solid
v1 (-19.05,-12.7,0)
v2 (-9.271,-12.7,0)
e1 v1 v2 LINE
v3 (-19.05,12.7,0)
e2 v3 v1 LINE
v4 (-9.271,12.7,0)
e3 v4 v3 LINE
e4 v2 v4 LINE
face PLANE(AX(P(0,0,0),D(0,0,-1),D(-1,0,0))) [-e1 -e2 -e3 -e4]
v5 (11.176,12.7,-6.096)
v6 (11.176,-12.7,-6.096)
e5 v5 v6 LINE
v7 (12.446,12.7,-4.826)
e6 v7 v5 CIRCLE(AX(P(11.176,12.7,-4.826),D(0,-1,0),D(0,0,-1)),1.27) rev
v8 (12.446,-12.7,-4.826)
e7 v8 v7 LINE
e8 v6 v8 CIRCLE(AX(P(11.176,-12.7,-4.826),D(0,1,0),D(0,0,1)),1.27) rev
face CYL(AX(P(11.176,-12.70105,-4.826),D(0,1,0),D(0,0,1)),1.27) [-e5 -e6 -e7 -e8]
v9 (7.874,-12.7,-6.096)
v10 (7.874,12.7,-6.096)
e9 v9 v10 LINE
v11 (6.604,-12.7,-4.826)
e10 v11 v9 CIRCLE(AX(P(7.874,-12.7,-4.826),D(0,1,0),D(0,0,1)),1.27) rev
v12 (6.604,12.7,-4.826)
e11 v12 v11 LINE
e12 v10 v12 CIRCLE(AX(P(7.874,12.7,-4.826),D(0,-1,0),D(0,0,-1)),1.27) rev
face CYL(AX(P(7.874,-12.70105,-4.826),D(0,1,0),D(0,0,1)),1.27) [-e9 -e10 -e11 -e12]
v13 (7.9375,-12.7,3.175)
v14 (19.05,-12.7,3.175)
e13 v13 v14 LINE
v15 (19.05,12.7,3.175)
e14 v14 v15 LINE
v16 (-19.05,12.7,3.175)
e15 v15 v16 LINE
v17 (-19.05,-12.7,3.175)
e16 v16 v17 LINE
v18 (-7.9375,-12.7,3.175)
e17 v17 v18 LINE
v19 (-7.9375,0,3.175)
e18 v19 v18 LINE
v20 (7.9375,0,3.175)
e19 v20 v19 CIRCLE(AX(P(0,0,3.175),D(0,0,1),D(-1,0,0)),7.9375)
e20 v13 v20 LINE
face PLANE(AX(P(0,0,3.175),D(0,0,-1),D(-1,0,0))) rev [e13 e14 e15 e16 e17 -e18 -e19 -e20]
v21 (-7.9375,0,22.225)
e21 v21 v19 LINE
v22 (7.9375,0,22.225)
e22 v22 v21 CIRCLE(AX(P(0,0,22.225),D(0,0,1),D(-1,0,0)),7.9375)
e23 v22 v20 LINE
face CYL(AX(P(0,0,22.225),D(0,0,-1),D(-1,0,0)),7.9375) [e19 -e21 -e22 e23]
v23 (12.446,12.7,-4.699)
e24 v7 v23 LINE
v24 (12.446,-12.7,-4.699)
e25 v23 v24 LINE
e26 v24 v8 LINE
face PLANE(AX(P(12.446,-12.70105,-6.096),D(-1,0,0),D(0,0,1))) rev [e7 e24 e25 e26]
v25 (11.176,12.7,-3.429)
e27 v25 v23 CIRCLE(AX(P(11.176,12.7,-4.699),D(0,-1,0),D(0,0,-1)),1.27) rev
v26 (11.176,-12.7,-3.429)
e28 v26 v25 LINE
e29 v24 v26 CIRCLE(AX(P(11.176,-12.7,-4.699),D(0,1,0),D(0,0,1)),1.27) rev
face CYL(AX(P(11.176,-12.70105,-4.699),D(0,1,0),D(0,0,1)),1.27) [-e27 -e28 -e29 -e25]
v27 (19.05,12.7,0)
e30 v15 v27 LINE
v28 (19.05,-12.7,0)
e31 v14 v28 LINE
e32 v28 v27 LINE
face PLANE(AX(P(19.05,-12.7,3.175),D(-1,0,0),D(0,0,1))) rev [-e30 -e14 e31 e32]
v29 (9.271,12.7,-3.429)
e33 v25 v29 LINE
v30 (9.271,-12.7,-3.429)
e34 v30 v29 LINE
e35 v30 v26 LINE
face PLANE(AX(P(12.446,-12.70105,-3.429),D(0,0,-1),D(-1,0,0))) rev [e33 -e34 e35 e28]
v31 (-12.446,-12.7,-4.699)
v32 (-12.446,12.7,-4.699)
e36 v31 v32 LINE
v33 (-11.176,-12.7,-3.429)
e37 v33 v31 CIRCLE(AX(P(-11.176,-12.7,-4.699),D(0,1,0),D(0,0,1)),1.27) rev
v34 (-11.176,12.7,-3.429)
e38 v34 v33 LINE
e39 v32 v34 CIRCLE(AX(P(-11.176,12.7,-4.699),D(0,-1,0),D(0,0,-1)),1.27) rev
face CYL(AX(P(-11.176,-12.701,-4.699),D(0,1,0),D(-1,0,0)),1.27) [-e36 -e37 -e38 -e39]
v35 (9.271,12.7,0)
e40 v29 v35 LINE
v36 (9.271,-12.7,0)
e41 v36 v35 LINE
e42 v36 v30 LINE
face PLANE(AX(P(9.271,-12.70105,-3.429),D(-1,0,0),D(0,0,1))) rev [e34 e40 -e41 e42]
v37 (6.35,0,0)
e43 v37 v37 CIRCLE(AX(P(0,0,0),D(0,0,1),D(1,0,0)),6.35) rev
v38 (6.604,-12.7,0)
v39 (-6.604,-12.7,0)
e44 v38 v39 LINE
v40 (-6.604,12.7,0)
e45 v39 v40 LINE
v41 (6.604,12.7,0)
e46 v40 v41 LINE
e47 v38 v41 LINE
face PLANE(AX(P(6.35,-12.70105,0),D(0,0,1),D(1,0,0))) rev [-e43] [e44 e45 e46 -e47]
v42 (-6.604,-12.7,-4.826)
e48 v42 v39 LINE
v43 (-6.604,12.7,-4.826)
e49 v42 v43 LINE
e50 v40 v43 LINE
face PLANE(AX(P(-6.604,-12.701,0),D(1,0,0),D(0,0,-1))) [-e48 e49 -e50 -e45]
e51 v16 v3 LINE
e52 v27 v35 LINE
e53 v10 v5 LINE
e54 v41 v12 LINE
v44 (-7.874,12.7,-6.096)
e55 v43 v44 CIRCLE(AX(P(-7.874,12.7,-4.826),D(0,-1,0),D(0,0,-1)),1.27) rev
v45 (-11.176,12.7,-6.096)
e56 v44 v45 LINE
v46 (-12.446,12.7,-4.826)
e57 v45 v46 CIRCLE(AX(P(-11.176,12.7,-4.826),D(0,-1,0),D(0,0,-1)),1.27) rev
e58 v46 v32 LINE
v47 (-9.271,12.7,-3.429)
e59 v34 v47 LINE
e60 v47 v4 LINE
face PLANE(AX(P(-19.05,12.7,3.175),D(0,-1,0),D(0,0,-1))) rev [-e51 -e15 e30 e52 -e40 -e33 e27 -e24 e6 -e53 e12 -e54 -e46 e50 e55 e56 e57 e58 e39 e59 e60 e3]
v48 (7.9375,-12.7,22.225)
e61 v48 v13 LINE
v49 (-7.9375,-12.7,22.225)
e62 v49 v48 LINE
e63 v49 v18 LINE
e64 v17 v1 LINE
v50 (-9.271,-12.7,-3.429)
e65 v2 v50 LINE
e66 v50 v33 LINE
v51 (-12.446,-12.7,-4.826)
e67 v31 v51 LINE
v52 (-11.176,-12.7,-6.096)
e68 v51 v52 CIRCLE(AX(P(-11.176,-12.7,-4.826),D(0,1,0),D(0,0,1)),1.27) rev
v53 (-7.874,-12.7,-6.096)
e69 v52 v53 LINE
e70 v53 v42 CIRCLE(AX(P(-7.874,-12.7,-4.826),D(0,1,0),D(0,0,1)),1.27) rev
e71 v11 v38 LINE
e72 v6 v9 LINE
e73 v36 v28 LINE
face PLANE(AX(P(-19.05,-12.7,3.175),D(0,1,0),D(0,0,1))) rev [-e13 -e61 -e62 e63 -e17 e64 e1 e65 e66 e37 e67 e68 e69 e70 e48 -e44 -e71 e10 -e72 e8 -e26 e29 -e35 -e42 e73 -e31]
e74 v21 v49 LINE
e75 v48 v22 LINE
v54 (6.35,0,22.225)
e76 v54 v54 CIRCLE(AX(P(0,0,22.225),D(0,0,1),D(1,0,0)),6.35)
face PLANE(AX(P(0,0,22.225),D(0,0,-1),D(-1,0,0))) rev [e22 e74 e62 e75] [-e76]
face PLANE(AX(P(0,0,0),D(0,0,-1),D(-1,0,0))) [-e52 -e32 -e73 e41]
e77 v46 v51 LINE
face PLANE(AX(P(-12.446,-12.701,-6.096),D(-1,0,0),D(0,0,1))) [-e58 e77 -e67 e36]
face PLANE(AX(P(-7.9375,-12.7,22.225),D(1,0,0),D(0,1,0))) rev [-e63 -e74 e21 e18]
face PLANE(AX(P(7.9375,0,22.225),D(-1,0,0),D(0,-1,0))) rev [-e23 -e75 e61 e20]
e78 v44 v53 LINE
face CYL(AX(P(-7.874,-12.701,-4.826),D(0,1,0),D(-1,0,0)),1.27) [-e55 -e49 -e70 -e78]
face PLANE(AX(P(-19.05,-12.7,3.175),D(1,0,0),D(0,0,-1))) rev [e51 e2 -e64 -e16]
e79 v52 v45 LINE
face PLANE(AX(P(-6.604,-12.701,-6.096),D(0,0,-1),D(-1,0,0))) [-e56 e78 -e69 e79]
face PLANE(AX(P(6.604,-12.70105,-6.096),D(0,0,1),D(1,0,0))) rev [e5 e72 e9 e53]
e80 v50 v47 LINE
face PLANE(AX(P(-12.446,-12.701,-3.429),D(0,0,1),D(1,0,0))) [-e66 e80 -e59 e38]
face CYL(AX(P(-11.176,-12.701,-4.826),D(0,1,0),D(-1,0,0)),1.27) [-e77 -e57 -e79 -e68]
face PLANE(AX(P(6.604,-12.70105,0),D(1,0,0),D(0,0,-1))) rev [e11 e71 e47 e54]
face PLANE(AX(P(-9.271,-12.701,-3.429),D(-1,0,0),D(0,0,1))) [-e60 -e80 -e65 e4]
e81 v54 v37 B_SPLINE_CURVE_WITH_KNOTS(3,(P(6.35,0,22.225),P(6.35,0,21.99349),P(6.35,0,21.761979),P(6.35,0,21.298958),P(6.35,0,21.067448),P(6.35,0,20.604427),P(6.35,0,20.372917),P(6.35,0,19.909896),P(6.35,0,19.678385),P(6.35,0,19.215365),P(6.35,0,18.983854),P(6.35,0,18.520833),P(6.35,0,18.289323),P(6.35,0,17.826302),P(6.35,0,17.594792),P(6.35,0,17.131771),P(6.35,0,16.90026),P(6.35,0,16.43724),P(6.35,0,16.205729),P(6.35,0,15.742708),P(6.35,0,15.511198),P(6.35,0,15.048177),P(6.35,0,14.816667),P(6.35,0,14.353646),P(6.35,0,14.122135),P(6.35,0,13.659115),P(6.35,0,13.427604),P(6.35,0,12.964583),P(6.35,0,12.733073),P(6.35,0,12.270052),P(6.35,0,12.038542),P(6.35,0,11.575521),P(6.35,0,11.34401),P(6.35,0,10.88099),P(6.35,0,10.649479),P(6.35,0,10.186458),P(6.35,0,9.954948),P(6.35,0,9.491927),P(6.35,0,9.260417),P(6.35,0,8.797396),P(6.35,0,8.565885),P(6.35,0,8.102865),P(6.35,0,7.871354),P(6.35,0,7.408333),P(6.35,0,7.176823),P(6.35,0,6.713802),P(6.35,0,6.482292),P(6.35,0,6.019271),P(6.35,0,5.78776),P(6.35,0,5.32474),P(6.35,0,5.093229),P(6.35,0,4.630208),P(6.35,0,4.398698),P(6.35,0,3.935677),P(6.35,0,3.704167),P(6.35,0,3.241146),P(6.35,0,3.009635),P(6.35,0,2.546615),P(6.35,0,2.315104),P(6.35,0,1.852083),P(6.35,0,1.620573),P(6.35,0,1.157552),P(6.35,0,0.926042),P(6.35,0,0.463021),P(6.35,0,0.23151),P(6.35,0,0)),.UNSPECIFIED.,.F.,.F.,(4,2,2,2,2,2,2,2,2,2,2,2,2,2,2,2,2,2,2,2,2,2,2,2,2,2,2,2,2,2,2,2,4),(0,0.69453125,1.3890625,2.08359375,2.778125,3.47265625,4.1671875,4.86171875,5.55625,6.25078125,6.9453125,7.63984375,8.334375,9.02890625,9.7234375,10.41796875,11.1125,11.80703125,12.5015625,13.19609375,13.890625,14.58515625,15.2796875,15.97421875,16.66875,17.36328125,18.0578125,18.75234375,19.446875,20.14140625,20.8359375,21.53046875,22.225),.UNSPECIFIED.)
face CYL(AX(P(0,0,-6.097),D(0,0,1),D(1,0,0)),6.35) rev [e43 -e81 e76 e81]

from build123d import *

# Parameters (mm, degrees)
SKETCH1_W           = 38.1
SKETCH1_H           = 25.4
BOSS_EXTRUDE1_DEPTH = 3.175
SKETCH2_W           = 25.4
SKETCH2_H           = 25.4
BOSS_EXTRUDE2_DEPTH = 6.35
CUT_EXTRUDE1_REACH  = 34.379
SKETCH3_W           = 3.175
SKETCH3_H           = 3.175
SKETCH3_W_2         = 6.35
SKETCH3_H_2         = 6.35
CUT_EXTRUDE2_REACH  = 34.379
FILLET1_R           = 1.27
BOSS_EXTRUDE3_DEPTH = 19.05
CUT_EXTRUDE3_REACH  = 38.418
SKETCH6_R           = 6.35


with BuildPart() as part:
    # Sketch1 → Boss-Extrude1 (new body)
    with BuildSketch(Plane.XY):
        Rectangle(SKETCH1_W, SKETCH1_H)
    extrude(amount=BOSS_EXTRUDE1_DEPTH)

    # Sketch2 → Boss-Extrude2 (add)
    with BuildSketch(Plane(origin=(0, 0, 0), x_dir=(-1, 0, 0), z_dir=(0, 0, -1))):
        Rectangle(SKETCH2_W, SKETCH2_H)
    extrude(amount=BOSS_EXTRUDE2_DEPTH)

    # Sketch3 → Cut-Extrude1 (cut, up to next)
    with BuildSketch(Plane(origin=(0, 12.7, 0), x_dir=(1, 0, 0), z_dir=(0, 1, 0)), mode=Mode.PRIVATE) as cut_extrude1_sk1:
        with Locations((11.1125, 1.5875)):
            Rectangle(SKETCH3_W, SKETCH3_H)
    cut_extrude1_tool1 = extrude(cut_extrude1_sk1.sketch, amount=-CUT_EXTRUDE1_REACH, mode=Mode.PRIVATE) & part.part
    # Sketch3 → Cut-Extrude1 (cut, up to next)
    with BuildSketch(Plane(origin=(0, 12.7, 0), x_dir=(1, 0, 0), z_dir=(0, 1, 0)), mode=Mode.PRIVATE) as cut_extrude1_sk2:
        with Locations((3.175, 3.175)):
            Rectangle(SKETCH3_W_2, SKETCH3_H_2)
    cut_extrude1_tool2 = extrude(cut_extrude1_sk2.sketch, amount=-CUT_EXTRUDE1_REACH, mode=Mode.PRIVATE) & part.part
    cut_extrude1_1 = cut_extrude1_tool1.solids().sort_by_distance((11.1125, 12.7, -1.5875))[0]
    add(cut_extrude1_1, mode=Mode.SUBTRACT)
    cut_extrude1_2 = cut_extrude1_tool2.solids().sort_by_distance((3.175, 12.7, -3.175))[0]
    add(cut_extrude1_2, mode=Mode.SUBTRACT)
    cut_extrude1 = cut_extrude1_1 + cut_extrude1_2  # Cut-Extrude1 as one shape, for the pattern or mirror that repeats it

    # Sketch4 → Cut-Extrude2 (cut, up to next)
    with BuildSketch(Plane(origin=(0, 12.7, 0), x_dir=(1, 0, 0), z_dir=(0, 1, 0)), mode=Mode.PRIVATE) as cut_extrude2_sk1:
        Polygon((6.604, 0), (6.35, 0), (6.35, 6.35), (12.7, 6.35), (12.7, 3.175), (9.525, 3.175), (9.525, 0), (9.271, 0), (9.271, 3.429), (12.446, 3.429), (12.446, 6.096), (6.604, 6.096), align=None)
    cut_extrude2_tool1 = extrude(cut_extrude2_sk1.sketch, amount=-CUT_EXTRUDE2_REACH, mode=Mode.PRIVATE) & part.part
    cut_extrude2 = cut_extrude2_tool1.solids().sort_by_distance((6.477, 12.7, -0.089803))[0]
    add(cut_extrude2, mode=Mode.SUBTRACT)

    # Mirror1: Cut-Extrude1, Cut-Extrude2 across plane
    add(cut_extrude1.mirror(Plane.ZY), mode=Mode.SUBTRACT)
    add(cut_extrude2.mirror(Plane.ZY), mode=Mode.SUBTRACT)

    # Fillet1
    fillet1_edges = [part.edges().sort_by_distance(p)[0] for p in [
        (-6.604, 0, -6.096),
        (-12.446, 0, -6.096),
        (-12.446, 0, -3.429),
        (12.446, 0, -3.429),
        (12.446, 0, -6.096),
        (6.604, 0, -6.096),
    ]]
    fillet(fillet1_edges, radius=FILLET1_R)

    # Sketch5 → Boss-Extrude3 (add)
    with BuildSketch(Plane.XY.offset(3.175)):
        with BuildLine():
            Line((7.9375, 0), (7.9375, -12.7))
            Line((7.9375, -12.7), (-7.9375, -12.7))
            Line((-7.9375, -12.7), (-7.9375, 0))
            ThreePointArc((-7.9375, 0), (0, 7.9375), (7.9375, 0))
        make_face()
    extrude(amount=BOSS_EXTRUDE3_DEPTH)

    # Sketch6 → Cut-Extrude3 (cut, up to next)
    with BuildSketch(Plane.XY.offset(22.225), mode=Mode.PRIVATE) as cut_extrude3_sk1:
        Circle(SKETCH6_R)
    cut_extrude3_tool1 = extrude(cut_extrude3_sk1.sketch, amount=-CUT_EXTRUDE3_REACH, mode=Mode.PRIVATE) & part.part
    add(cut_extrude3_tool1.solids().sort_by_distance((0, 0, 22.225))[0], mode=Mode.SUBTRACT)


solid = part.part
